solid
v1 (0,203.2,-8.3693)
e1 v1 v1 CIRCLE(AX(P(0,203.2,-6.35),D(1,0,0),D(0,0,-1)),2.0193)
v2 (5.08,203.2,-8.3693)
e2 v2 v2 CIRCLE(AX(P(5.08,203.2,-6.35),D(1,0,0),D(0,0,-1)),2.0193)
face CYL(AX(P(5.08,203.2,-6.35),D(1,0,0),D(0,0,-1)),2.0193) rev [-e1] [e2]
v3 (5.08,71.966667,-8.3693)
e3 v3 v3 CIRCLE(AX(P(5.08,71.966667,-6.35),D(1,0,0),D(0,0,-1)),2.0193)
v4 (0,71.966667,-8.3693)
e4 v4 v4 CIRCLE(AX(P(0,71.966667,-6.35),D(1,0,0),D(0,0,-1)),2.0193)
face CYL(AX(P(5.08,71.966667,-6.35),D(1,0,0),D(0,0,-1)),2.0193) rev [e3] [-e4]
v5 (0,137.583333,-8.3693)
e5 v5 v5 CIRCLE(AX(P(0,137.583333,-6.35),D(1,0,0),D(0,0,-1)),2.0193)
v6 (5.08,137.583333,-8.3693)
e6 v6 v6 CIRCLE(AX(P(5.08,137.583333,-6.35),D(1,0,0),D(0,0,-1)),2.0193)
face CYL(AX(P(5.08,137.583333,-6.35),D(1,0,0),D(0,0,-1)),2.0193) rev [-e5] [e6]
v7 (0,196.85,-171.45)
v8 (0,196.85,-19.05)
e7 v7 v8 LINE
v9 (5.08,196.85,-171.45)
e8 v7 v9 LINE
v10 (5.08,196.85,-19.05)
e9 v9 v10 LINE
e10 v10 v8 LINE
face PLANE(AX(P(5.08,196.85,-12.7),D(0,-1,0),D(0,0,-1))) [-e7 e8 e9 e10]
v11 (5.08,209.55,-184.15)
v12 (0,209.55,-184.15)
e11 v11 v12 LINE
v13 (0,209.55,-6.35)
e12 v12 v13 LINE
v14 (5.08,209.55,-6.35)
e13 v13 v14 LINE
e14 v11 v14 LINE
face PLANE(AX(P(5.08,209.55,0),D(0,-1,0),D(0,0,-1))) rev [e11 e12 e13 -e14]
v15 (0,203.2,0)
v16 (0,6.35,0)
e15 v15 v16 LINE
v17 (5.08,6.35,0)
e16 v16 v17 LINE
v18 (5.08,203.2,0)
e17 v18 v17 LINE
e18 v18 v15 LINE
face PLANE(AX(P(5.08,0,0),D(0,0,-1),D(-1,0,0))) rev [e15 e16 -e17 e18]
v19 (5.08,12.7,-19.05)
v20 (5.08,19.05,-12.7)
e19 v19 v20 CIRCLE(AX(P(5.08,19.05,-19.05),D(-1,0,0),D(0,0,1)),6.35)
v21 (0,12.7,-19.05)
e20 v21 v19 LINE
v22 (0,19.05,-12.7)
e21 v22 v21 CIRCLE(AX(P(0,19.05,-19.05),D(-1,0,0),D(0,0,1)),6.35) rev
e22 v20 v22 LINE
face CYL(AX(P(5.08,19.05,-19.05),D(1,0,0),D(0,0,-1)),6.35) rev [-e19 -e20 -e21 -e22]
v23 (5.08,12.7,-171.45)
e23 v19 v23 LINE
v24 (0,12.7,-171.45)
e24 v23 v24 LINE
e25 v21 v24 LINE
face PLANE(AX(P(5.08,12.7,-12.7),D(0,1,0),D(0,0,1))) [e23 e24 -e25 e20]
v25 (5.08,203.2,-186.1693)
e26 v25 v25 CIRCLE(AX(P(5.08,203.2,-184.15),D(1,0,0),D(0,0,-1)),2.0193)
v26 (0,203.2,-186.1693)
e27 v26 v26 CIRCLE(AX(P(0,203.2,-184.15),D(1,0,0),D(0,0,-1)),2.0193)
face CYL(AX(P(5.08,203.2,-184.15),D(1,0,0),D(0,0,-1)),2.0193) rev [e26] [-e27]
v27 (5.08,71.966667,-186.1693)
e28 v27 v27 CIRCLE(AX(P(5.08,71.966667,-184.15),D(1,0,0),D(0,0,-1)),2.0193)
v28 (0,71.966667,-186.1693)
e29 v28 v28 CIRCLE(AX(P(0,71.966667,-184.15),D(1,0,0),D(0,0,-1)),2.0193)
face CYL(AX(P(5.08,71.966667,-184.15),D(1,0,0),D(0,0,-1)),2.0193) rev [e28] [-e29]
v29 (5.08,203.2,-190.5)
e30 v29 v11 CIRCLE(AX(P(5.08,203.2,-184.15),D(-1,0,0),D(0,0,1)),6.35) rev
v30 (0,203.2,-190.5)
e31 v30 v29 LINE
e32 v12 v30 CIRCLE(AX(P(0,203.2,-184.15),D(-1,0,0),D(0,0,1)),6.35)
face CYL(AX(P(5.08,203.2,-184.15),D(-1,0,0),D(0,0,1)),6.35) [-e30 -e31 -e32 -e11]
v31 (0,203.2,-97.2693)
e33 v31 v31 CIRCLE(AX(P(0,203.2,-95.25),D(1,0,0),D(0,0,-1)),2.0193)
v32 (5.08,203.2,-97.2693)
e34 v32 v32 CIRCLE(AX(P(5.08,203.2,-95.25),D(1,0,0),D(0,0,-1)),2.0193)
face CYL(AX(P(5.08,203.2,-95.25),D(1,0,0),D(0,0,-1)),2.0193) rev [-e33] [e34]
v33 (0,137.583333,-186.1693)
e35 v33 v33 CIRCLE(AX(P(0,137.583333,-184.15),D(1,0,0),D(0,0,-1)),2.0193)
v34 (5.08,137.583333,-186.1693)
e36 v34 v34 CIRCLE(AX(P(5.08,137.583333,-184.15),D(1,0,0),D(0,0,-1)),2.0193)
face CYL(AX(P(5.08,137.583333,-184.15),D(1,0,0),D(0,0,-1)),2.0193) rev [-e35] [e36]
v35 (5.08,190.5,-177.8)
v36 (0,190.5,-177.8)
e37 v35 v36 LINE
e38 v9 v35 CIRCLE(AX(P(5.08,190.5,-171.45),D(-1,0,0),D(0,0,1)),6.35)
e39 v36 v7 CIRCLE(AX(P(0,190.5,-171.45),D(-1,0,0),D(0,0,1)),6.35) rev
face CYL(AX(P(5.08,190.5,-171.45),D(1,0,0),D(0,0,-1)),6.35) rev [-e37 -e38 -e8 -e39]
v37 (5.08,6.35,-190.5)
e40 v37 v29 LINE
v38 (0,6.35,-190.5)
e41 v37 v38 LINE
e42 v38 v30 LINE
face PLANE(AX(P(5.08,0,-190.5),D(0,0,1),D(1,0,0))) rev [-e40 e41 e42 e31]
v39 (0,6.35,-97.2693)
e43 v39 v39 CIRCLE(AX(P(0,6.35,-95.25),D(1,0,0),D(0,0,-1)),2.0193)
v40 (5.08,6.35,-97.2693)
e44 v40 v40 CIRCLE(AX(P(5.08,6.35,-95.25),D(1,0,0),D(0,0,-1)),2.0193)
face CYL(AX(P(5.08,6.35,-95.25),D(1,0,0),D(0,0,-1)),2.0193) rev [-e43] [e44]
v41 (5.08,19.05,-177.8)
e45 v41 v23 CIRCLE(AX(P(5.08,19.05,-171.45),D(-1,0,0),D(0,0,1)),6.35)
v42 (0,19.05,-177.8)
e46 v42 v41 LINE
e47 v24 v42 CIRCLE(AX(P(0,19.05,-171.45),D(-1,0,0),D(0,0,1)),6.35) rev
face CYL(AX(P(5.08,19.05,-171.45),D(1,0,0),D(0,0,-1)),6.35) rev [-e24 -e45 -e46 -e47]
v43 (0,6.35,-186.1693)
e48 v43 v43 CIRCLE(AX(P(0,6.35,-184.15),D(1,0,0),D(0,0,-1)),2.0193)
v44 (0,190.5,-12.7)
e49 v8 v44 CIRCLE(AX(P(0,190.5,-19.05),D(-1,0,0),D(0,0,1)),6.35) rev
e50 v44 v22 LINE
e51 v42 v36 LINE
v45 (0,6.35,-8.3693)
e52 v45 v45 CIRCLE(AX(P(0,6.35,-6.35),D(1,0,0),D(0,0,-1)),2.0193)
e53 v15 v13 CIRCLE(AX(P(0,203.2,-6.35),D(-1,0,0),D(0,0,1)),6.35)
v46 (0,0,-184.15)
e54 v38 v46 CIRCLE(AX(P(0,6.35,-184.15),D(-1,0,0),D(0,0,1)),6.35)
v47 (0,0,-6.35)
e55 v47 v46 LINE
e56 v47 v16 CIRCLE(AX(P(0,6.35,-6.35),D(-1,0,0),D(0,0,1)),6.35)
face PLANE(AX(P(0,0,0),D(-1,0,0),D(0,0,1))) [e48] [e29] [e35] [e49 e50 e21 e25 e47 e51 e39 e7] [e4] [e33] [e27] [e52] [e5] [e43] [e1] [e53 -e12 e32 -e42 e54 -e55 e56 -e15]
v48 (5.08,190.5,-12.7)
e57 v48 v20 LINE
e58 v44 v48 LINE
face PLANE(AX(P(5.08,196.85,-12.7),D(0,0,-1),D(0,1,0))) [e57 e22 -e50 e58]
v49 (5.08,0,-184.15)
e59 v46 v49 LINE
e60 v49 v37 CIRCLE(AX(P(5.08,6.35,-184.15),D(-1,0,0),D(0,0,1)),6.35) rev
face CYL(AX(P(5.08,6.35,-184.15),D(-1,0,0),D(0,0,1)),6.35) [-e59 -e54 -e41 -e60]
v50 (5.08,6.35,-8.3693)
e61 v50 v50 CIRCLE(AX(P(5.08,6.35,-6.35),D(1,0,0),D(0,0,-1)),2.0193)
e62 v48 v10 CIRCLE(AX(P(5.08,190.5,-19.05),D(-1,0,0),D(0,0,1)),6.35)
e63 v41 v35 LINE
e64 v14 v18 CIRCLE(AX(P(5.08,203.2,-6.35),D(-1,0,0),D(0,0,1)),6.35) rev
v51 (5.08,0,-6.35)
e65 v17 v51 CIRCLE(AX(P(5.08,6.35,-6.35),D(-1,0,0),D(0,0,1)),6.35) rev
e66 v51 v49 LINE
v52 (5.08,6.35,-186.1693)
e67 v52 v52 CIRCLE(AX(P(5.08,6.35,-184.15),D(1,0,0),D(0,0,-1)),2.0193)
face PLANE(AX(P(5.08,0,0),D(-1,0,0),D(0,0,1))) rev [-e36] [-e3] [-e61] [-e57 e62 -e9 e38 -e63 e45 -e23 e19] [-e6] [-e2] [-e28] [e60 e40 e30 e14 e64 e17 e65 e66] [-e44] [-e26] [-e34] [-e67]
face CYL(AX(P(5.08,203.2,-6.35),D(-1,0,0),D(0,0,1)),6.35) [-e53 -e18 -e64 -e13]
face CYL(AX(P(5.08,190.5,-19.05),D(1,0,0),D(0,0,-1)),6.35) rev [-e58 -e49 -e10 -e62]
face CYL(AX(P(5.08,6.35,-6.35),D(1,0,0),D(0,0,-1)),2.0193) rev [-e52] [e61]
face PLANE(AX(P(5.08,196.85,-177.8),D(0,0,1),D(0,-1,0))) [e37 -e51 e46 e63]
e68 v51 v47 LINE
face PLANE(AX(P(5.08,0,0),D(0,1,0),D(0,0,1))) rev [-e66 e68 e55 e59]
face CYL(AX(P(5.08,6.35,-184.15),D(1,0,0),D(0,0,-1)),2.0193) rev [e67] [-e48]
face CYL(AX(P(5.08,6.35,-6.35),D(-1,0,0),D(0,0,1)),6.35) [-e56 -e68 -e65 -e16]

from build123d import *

# Parameters (mm, degrees)
SKETCH1_W              = 190.5
SKETCH1_H              = 209.55
SKETCH1_W_2            = 165.1
SKETCH1_H_2            = 184.15
BOSS_EXTRUDE2_DEPTH    = 5.08
F_10_32_TAPPED_HOLE1_D = 4.0386
FILLET1_R              = 6.35


with BuildPart() as part:
    # Sketch1 → Boss-Extrude2 (new body)
    with BuildSketch(Plane(origin=(0, 0, 0), x_dir=(0, 0, -1), z_dir=(1, 0, 0))):
        with Locations((95.25, 104.775)):
            Rectangle(SKETCH1_W, SKETCH1_H)
        with Locations((95.25, 104.775)):
            Rectangle(SKETCH1_W_2, SKETCH1_H_2, mode=Mode.SUBTRACT)
    extrude(amount=BOSS_EXTRUDE2_DEPTH)

    # #10-32 Tapped Hole1 (through all)
    with Locations(Plane(origin=(5.08, 0, 0), x_dir=(0, 0, -1), z_dir=(1, 0, 0))):
        with Locations((6.35, 203.2), (184.15, 6.35), (6.35, 6.35), (184.15, 203.2), (95.25, 6.35), (95.25, 203.2), (6.35, 137.583333333), (6.35, 71.966666667), (184.15, 71.966666667), (184.15, 137.583333333)):
            Hole(F_10_32_TAPPED_HOLE1_D / 2)

    # Fillet1
    fillet1_edges = [part.edges().sort_by_distance(p)[0] for p in [
        (2.54, 196.85, -12.7),
        (2.54, 12.7, -12.7),
        (2.54, 12.7, -177.8),
        (2.54, 196.85, -177.8),
        (2.54, 209.55, 0),
        (2.54, 209.55, -190.5),
        (2.54, 0, -190.5),
        (2.54, 0, 0),
    ]]
    fillet(fillet1_edges, radius=FILLET1_R)


solid = part.part
